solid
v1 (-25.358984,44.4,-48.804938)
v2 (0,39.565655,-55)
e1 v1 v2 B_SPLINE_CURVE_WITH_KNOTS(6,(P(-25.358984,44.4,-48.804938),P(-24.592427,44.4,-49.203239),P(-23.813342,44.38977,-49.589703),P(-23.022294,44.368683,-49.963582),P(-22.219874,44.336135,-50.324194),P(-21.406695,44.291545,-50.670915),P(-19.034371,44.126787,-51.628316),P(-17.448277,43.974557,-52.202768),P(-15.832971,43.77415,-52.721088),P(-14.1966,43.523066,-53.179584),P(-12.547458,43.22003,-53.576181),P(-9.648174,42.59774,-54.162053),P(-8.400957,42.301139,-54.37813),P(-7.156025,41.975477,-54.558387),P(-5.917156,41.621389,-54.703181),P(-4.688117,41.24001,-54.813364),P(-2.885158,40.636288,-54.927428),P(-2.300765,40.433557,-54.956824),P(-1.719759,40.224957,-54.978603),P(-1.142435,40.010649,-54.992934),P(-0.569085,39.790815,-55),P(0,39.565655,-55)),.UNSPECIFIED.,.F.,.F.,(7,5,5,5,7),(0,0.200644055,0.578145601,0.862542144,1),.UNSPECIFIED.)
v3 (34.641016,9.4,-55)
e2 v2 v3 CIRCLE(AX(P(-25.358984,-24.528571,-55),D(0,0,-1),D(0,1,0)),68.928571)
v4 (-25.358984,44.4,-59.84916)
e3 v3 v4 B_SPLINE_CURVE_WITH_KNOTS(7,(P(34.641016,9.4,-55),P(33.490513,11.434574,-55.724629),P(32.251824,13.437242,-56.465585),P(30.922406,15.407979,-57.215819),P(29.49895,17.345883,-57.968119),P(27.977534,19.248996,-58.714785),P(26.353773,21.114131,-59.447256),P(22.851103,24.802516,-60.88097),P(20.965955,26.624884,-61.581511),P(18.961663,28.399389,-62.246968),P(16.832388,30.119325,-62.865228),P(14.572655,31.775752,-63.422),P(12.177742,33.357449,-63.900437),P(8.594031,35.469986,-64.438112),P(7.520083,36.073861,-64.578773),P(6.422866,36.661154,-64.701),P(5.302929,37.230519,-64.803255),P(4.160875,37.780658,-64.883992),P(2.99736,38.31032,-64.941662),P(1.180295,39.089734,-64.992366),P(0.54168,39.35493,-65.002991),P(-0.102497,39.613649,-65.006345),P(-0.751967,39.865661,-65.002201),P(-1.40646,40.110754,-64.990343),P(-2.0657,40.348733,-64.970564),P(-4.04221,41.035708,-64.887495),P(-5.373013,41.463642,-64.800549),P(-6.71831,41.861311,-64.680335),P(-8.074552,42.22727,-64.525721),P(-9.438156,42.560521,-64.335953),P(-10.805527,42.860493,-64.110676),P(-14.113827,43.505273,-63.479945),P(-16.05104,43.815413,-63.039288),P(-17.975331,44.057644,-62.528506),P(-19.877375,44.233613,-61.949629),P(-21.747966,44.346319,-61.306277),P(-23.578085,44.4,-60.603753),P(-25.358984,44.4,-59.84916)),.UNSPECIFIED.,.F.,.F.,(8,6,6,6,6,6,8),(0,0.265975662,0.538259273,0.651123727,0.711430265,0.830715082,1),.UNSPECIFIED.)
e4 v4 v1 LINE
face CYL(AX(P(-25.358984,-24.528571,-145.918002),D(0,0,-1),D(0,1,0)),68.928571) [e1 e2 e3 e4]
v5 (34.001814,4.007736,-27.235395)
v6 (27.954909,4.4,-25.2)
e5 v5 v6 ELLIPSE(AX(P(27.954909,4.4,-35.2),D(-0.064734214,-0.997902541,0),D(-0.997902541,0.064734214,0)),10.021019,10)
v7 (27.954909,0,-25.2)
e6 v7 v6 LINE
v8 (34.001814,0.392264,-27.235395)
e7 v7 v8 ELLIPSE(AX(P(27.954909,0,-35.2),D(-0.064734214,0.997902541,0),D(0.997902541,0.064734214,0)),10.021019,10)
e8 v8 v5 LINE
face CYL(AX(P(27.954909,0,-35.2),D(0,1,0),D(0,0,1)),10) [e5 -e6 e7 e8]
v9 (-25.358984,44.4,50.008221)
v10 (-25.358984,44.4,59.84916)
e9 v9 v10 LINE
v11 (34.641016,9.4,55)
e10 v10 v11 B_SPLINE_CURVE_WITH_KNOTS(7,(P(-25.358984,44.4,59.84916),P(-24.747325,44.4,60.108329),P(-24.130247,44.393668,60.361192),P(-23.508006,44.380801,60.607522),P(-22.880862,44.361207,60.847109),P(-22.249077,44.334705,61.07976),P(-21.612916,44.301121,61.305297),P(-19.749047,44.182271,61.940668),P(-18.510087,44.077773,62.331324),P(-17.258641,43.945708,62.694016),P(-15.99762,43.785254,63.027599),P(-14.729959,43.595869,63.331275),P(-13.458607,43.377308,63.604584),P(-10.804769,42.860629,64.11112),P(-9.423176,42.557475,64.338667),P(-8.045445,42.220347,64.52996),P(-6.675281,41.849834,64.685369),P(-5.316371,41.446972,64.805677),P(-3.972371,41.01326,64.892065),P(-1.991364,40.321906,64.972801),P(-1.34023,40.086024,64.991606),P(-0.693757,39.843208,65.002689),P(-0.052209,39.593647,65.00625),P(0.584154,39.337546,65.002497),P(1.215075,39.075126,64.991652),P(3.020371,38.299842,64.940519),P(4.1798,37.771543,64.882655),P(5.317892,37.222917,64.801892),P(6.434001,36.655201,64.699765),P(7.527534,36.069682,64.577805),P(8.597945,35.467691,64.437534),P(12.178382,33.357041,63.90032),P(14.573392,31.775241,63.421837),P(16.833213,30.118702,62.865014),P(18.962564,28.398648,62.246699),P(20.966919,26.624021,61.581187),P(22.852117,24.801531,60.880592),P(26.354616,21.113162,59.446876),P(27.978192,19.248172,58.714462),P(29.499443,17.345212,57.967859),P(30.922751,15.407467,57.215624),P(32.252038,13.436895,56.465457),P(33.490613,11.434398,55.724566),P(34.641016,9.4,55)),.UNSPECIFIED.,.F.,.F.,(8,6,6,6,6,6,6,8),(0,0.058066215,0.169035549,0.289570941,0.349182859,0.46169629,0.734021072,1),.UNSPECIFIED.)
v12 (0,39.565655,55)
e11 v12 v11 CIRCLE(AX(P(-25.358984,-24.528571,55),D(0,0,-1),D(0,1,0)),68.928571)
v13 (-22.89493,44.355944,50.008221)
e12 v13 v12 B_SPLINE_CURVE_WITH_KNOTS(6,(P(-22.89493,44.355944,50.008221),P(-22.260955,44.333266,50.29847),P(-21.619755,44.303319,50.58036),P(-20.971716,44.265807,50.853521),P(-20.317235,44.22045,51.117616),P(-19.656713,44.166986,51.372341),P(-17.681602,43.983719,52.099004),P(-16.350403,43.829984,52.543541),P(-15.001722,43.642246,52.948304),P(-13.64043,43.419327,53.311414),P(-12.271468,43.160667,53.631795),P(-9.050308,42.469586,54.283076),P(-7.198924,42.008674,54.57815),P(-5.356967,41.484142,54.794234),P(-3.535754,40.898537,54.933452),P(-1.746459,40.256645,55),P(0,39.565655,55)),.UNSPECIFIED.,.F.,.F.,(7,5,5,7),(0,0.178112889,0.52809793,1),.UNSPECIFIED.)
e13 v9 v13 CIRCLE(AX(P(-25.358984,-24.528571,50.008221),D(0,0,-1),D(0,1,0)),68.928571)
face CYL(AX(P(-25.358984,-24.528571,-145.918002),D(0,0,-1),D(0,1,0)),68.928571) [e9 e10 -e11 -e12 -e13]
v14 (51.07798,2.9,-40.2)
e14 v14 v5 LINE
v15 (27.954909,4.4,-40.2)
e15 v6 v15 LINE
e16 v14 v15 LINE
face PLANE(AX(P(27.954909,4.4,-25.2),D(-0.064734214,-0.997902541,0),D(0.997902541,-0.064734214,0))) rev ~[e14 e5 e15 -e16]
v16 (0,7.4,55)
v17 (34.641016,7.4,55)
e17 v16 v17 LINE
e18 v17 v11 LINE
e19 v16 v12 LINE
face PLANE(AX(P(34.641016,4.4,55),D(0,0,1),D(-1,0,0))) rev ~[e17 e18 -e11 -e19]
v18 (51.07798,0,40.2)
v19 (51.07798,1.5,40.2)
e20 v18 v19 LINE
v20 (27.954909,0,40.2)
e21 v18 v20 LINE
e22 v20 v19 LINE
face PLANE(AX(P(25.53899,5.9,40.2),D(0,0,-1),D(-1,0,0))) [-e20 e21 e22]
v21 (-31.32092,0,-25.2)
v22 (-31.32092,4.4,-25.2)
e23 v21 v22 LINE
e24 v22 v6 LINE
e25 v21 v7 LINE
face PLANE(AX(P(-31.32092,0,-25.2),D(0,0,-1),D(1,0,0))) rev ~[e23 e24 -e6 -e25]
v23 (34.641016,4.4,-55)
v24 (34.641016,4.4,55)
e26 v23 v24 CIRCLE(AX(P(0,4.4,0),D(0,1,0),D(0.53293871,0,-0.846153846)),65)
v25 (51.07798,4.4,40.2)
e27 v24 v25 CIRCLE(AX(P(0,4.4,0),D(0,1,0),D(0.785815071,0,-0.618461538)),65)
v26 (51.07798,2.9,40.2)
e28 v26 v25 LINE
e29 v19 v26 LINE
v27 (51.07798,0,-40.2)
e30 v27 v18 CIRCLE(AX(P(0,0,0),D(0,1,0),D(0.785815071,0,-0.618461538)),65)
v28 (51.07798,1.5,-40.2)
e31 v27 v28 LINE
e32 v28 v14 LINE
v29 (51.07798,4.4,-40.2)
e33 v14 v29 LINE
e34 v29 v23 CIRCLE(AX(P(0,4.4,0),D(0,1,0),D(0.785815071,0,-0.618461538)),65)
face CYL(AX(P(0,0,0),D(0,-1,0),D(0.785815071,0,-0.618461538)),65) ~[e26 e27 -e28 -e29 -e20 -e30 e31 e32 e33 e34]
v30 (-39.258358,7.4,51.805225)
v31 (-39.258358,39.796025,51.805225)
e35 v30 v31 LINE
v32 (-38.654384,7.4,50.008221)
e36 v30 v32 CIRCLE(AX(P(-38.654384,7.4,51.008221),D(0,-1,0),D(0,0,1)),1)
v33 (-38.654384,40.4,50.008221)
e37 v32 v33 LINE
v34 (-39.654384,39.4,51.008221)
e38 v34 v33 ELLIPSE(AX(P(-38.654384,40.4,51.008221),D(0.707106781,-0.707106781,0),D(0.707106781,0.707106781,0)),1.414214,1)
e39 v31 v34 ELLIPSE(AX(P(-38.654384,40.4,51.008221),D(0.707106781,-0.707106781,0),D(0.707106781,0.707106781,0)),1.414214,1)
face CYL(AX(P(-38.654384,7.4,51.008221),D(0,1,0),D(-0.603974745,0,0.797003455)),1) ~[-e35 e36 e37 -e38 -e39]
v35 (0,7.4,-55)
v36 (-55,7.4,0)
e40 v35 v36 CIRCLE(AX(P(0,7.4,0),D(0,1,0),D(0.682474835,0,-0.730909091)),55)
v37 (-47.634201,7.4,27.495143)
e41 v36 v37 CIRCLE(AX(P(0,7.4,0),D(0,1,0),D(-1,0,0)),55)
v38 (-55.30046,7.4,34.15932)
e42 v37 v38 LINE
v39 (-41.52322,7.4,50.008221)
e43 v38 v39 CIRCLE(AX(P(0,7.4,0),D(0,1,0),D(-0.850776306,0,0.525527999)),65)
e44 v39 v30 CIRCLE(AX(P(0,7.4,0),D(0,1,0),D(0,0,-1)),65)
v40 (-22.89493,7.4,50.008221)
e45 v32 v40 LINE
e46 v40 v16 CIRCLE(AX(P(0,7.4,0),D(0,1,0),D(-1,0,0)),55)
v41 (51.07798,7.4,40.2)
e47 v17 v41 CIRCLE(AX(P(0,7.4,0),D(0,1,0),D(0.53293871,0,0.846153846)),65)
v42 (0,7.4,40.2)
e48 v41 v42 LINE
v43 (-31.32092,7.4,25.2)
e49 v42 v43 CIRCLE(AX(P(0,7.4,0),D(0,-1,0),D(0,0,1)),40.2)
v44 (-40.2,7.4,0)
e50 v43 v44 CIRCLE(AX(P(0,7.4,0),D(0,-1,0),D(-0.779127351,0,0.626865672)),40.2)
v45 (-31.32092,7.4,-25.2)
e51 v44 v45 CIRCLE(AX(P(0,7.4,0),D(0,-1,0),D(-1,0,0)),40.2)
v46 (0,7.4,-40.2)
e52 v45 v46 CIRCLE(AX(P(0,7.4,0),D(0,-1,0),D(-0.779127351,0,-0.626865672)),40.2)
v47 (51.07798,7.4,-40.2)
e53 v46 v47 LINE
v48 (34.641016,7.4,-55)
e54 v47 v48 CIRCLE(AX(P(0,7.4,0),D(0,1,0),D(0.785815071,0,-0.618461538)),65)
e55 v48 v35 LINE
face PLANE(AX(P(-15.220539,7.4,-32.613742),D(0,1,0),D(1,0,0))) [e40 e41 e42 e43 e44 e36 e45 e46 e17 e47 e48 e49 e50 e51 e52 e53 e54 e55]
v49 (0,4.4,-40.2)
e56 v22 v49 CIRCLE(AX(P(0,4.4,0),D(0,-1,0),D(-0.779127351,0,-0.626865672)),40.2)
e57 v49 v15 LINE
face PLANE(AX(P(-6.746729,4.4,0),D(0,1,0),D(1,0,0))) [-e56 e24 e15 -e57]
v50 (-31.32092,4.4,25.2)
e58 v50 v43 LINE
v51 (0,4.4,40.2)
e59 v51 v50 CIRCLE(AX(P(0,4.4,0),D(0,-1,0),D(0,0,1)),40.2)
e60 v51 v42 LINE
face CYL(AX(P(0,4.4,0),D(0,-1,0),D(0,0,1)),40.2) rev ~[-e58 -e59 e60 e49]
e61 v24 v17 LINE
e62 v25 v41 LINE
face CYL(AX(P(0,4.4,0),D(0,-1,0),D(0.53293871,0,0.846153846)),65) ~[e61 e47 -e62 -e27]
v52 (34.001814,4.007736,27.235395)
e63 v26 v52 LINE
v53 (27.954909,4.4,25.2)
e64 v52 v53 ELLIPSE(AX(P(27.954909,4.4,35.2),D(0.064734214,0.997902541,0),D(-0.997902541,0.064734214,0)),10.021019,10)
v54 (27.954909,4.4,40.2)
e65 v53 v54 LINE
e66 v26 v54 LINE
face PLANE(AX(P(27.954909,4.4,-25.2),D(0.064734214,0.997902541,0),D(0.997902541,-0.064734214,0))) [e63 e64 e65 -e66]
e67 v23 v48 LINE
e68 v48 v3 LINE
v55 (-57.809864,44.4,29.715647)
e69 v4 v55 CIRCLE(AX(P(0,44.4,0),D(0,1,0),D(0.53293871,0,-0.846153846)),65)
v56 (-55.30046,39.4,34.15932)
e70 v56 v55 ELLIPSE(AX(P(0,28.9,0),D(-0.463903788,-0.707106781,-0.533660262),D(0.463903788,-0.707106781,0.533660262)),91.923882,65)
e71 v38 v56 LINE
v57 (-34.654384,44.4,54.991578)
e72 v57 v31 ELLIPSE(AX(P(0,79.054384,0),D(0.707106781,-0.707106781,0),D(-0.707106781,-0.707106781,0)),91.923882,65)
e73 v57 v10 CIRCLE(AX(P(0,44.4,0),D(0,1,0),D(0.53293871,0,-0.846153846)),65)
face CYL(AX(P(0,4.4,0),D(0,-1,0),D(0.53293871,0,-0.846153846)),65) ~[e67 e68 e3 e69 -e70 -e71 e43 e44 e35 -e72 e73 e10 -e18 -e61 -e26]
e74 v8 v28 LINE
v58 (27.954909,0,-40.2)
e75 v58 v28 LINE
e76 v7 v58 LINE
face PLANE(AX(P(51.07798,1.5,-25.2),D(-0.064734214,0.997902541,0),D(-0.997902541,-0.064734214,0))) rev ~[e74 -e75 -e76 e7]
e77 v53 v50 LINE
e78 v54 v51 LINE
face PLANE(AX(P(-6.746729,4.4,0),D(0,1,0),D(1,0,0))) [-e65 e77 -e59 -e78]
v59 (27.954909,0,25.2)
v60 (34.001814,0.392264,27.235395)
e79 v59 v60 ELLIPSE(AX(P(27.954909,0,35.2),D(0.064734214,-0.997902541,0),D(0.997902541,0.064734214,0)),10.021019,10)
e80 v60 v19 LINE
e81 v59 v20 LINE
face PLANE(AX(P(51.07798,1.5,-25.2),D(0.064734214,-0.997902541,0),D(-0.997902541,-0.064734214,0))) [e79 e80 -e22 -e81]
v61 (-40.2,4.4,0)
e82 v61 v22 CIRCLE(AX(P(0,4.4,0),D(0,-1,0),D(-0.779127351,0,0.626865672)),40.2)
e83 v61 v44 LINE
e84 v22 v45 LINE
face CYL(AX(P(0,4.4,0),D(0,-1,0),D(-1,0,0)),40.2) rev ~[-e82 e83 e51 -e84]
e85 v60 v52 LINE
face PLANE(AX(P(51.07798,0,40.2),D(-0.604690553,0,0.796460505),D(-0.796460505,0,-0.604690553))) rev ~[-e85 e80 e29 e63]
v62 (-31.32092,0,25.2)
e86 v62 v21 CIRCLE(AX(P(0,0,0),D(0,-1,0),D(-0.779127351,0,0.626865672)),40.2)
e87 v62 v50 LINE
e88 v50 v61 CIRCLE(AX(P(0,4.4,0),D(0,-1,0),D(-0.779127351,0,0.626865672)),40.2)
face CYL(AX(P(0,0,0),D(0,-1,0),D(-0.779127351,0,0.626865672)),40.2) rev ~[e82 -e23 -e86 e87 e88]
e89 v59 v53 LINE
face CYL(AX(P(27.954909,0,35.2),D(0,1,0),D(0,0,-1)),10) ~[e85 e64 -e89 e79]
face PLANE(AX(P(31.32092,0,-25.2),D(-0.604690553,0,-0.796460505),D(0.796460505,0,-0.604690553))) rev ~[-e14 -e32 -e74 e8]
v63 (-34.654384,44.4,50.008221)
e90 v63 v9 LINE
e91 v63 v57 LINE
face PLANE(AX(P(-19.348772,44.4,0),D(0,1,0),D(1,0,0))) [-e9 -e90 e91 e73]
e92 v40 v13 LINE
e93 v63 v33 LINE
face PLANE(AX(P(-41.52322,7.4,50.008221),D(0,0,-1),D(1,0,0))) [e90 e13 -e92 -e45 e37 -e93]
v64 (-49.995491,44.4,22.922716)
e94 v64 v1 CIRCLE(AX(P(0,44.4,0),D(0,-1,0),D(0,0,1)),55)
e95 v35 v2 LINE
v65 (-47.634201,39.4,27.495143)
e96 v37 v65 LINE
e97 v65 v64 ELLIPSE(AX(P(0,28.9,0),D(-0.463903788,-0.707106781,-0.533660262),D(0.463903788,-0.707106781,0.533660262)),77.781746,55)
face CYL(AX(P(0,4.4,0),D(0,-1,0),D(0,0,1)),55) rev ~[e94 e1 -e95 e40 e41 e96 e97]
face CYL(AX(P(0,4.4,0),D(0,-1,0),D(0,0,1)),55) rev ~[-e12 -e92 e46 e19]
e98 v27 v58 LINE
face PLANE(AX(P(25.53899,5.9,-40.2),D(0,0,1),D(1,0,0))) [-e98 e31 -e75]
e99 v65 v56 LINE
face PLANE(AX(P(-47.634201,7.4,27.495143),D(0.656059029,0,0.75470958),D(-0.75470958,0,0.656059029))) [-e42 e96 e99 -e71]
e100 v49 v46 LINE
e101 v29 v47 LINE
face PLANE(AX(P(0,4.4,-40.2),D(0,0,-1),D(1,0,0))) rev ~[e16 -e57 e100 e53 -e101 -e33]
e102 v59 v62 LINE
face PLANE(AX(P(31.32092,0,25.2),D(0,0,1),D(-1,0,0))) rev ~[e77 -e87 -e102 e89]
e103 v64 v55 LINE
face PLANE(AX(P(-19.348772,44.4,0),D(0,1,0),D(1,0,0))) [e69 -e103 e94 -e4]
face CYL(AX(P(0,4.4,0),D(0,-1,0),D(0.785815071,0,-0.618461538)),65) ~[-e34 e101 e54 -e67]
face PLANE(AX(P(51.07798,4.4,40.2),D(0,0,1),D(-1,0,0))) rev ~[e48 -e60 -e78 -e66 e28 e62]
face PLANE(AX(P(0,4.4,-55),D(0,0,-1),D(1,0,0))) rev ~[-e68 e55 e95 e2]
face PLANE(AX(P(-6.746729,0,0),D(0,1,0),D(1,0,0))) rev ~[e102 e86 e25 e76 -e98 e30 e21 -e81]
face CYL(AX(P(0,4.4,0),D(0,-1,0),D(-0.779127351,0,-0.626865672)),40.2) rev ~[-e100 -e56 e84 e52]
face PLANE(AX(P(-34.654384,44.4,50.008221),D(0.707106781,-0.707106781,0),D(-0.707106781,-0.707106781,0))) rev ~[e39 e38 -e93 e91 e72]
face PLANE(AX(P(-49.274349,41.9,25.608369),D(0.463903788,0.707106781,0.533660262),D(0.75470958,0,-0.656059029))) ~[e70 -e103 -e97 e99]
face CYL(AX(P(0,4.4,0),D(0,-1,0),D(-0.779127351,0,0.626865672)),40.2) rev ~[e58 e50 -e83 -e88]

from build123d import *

# Parameters (mm, degrees)
BOSS_EXTRUDE1_DEPTH            = 4.4
BOSS_EXTRUDE2_START            = 4.4
BOSS_EXTRUDE2_DEPTH            = 40
BOSS_EXTRUDE3_START            = 4.4
BOSS_EXTRUDE3_DEPTH            = 3
CUT_EXTRUDE1_START             = -37
CUT_EXTRUDE1_DEPTH             = 37
CUT_EXTRUDE2_DEPTH             = 120.718001988
CUT_EXTRUDE2_DEPTH_BACK        = 120.718001988
FILLET1_R                      = 10
CUT_EXTRUDE3_REACH             = 121.718
CUT_EXTRUDE3_DIRECTION_2_REACH = 121.718
FILLET2_R                      = 1
CHAMFER1_SIZE                  = 5
CUT_EXTRUDE4_REACH             = 141.367
CUT_EXTRUDE4_END_RADIUS        = 65


with BuildPart() as part:
    # Sketch1 → Boss-Extrude1 (new body)
    with BuildSketch(Plane(origin=(0, 0, 0), x_dir=(1, 0, 0), z_dir=(0, 1, 0))):
        with BuildLine():
            Line((-31.320919527, 25.2), (31.320919527, 25.2))
            Line((31.320919527, 25.2), (51.0779796, 40.2))
            ThreePointArc((51.0779796, 40.2), (-65, 0), (51.0779796, -40.2))
            Line((51.0779796, -40.2), (31.320919527, -25.2))
            Line((31.320919527, -25.2), (-31.320919527, -25.2))
            ThreePointArc((-31.320919527, -25.2), (-40.2, 0), (-31.320919527, 25.2))
        make_face()
    extrude(amount=BOSS_EXTRUDE1_DEPTH)

    # Sketch1<3> → Boss-Extrude2 (add)
    with BuildSketch(Plane(origin=(0, 0, 0), x_dir=(1, 0, 0), z_dir=(0, 1, 0)).offset(BOSS_EXTRUDE2_START)):
        with BuildLine():
            ThreePointArc((0, -55), (-55, 0), (0, 55))
            Line((0, 55), (34.641016151, 55))
            ThreePointArc((34.641016151, 55), (-65, 0), (34.641016151, -55))
            Line((34.641016151, -55), (0, -55))
        make_face()
    extrude(amount=BOSS_EXTRUDE2_DEPTH)

    # Sketch1<4> → Boss-Extrude3 (add)
    with BuildSketch(Plane(origin=(0, 0, 0), x_dir=(1, 0, 0), z_dir=(0, 1, 0)).offset(BOSS_EXTRUDE3_START)):
        with BuildLine():
            ThreePointArc((-40.2, 0), (-37.915306704, 13.359248389), (-31.320919527, 25.2))
            ThreePointArc((-31.320919527, 25.2), (-17.363755354, 36.256585609), (0, 40.2))
            Line((0, 40.2), (37.536115942, 40.2))
            ThreePointArc((37.536115942, 40.2), (20.174241002, 51.166395222), (0, 55))
            ThreePointArc((0, 55), (-38.890872965, 38.890872965), (-55, 0))
            Line((-55, 0), (-40.2, 0))
        make_face()
        with BuildLine():
            ThreePointArc((-31.320919527, -25.2), (-37.915306704, -13.359248389), (-40.2, 0))
            Line((-40.2, 0), (-55, 0))
            ThreePointArc((-55, 0), (-38.890872965, -38.890872965), (0, -55))
            ThreePointArc((0, -55), (20.174241002, -51.166395222), (37.536115942, -40.2))
            Line((37.536115942, -40.2), (0, -40.2))
            ThreePointArc((0, -40.2), (-17.363755354, -36.256585609), (-31.320919527, -25.2))
        make_face()
        with BuildLine():
            ThreePointArc((37.536115942, -40.2), (20.174241002, -51.166395222), (0, -55))
            Line((0, -55), (34.641016151, -55))
            ThreePointArc((34.641016151, -55), (43.493638134, -48.304279747), (51.0779796, -40.2))
            Line((51.0779796, -40.2), (37.536115942, -40.2))
        make_face()
        with BuildLine():
            ThreePointArc((0, 55), (20.174241002, 51.166395222), (37.536115942, 40.2))
            Line((37.536115942, 40.2), (51.0779796, 40.2))
            ThreePointArc((51.0779796, 40.2), (43.493638134, 48.304279747), (34.641016151, 55))
            Line((34.641016151, 55), (0, 55))
        make_face()
    extrude(amount=BOSS_EXTRUDE3_DEPTH)

    # Sketch2 → Cut-Extrude1 (cut)
    with BuildSketch(Plane(origin=(0, 44.4, 0), x_dir=(1, 0, 0), z_dir=(0, 1, 0)).offset(CUT_EXTRUDE1_START)):
        with BuildLine():
            Line((-47.634201136, -27.495142883), (-55.300459871, -34.15931993))
            ThreePointArc((-55.300459871, -34.15931993), (-49.056122714, -42.643836884), (-41.523220262, -50.008221115))
            Line((-41.523220262, -50.008221115), (-33.856961527, -43.344044068))
            ThreePointArc((-33.856961527, -43.344044068), (-41.509026912, -36.083246594), (-47.634201136, -27.495142883))
        make_face()
        with BuildLine():
            Line((-33.856961527, -43.344044068), (-41.523220262, -50.008221115))
            Line((-41.523220262, -50.008221115), (-22.894930026, -50.008221115))
            ThreePointArc((-22.894930026, -50.008221115), (-28.570913752, -46.996839121), (-33.856961527, -43.344044068))
        make_face()
    extrude(amount=CUT_EXTRUDE1_DEPTH, mode=Mode.SUBTRACT)

    # Sketch3 → Cut-Extrude2 (cut, two sides: drawn at the far end of the back side and taken through both)
    with BuildSketch(Plane.XY.offset(-25.2).offset(-CUT_EXTRUDE2_DEPTH_BACK)):
        with BuildLine():
            Line((34.641016151, 44.4), (-25.358983849, 44.4))
            ThreePointArc((-25.358983849, 44.4), (9.372126125, 35.01047424), (34.641016151, 9.4))
            Line((34.641016151, 9.4), (34.641016151, 44.4))
        make_face()
    extrude(amount=CUT_EXTRUDE2_DEPTH + CUT_EXTRUDE2_DEPTH_BACK, mode=Mode.SUBTRACT)

    # Fillet1
    fillet1_edges = [part.edges().sort_by_distance(p)[0] for p in [
        (31.320919527, 2.2, -25.2),
        (31.320919527, 2.2, 25.2),
    ]]
    fillet(fillet1_edges, radius=FILLET1_R)

    # Cut-Extrude3: up to this face of the body (flat: up to its plane)
    cut_extrude3_end = Plane(part.part.faces().sort_by_distance((25.5389898, 5.9, -40.2))[0])
    # Sketch4 → Cut-Extrude3 (cut, up to the picked face)
    with BuildSketch(Plane.XY.offset(-25.2), mode=Mode.PRIVATE) as cut_extrude3_sk1:
        Polygon((51.0779796, 4.4), (27.954908691, 4.4), (51.0779796, 2.9), align=None)
    cut_extrude3_tool1 = split(extrude(cut_extrude3_sk1.sketch, amount=-CUT_EXTRUDE3_REACH, mode=Mode.PRIVATE), bisect_by=cut_extrude3_end, keep=Keep.BOTH, mode=Mode.PRIVATE)
    # Sketch4 → Cut-Extrude3 (cut, up to the picked face)
    with BuildSketch(Plane.XY.offset(-25.2), mode=Mode.PRIVATE) as cut_extrude3_sk2:
        Polygon((51.0779796, 0), (51.0779796, 1.5), (27.954908691, 0), align=None)
    cut_extrude3_tool2 = split(extrude(cut_extrude3_sk2.sketch, amount=-CUT_EXTRUDE3_REACH, mode=Mode.PRIVATE), bisect_by=cut_extrude3_end, keep=Keep.BOTH, mode=Mode.PRIVATE)
    add(cut_extrude3_tool1.solids().sort_by(Axis((43.370289, 3.9, -25.2), (0, 0, -1)))[0], mode=Mode.SUBTRACT)
    add(cut_extrude3_tool2.solids().sort_by(Axis((43.370289, 0.5, -25.2), (0, 0, -1)))[0], mode=Mode.SUBTRACT)

    # Cut-Extrude3 direction 2: up to this face of the body (flat: up to its plane)
    cut_extrude3_direction_2_end = Plane(part.part.faces().sort_by_distance((25.5389898, 5.9, 40.2))[0])
    # Sketch4 → Cut-Extrude3 direction 2 (cut, up to the picked face)
    with BuildSketch(Plane.XY.offset(-25.2), mode=Mode.PRIVATE) as cut_extrude3_direction_2_sk1:
        Polygon((51.0779796, 4.4), (27.954908691, 4.4), (51.0779796, 2.9), align=None)
    cut_extrude3_direction_2_tool1 = split(extrude(cut_extrude3_direction_2_sk1.sketch, amount=CUT_EXTRUDE3_DIRECTION_2_REACH, mode=Mode.PRIVATE), bisect_by=cut_extrude3_direction_2_end, keep=Keep.BOTH, mode=Mode.PRIVATE)
    # Sketch4 → Cut-Extrude3 direction 2 (cut, up to the picked face)
    with BuildSketch(Plane.XY.offset(-25.2), mode=Mode.PRIVATE) as cut_extrude3_direction_2_sk2:
        Polygon((51.0779796, 0), (51.0779796, 1.5), (27.954908691, 0), align=None)
    cut_extrude3_direction_2_tool2 = split(extrude(cut_extrude3_direction_2_sk2.sketch, amount=CUT_EXTRUDE3_DIRECTION_2_REACH, mode=Mode.PRIVATE), bisect_by=cut_extrude3_direction_2_end, keep=Keep.BOTH, mode=Mode.PRIVATE)
    add(cut_extrude3_direction_2_tool1.solids().sort_by(Axis((43.370289, 3.9, -25.2), (0, 0, 1)))[0], mode=Mode.SUBTRACT)
    add(cut_extrude3_direction_2_tool2.solids().sort_by(Axis((43.370289, 0.5, -25.2), (0, 0, 1)))[0], mode=Mode.SUBTRACT)

    # Fillet2
    fillet2_edges = [part.edges().sort_by_distance(p)[0] for p in [
        (-41.523220262, 25.9, 50.008221115),
    ]]
    fillet(fillet2_edges, radius=FILLET2_R)

    # Chamfer1
    chamfer1_edges = [part.edges().sort_by_distance(p)[0] for p in [
        (-51.467330503, 44.4, 30.827231407),
    ]]
    chamfer(chamfer1_edges, length=CHAMFER1_SIZE)

    # Cut-Extrude4: up to this cylinder (the profile starts inside it)
    cut_extrude4_end = Plane(origin=(0, 42.733333, 0), z_dir=(0, -1, 0)) * Cylinder(CUT_EXTRUDE4_END_RADIUS, 413.734, mode=Mode.PRIVATE)
    # Sketch5 → Cut-Extrude4 (cut, up to the surface)
    with BuildSketch(Plane(origin=(0, 0, 50.008221115), x_dir=(-1, 0, 0), z_dir=(0, 0, -1)), mode=Mode.PRIVATE) as cut_extrude4_sk1:
        Polygon((34.654383693, 44.4), (39.654383693, 39.4), (39.654383693, 44.4), align=None)
    cut_extrude4_tool1 = extrude(cut_extrude4_sk1.sketch, amount=-CUT_EXTRUDE4_REACH, mode=Mode.PRIVATE) & cut_extrude4_end
    add(cut_extrude4_tool1.solids().sort_by_distance((-37.987717, 42.733333, 50.008221))[0], mode=Mode.SUBTRACT)


solid = part.part
